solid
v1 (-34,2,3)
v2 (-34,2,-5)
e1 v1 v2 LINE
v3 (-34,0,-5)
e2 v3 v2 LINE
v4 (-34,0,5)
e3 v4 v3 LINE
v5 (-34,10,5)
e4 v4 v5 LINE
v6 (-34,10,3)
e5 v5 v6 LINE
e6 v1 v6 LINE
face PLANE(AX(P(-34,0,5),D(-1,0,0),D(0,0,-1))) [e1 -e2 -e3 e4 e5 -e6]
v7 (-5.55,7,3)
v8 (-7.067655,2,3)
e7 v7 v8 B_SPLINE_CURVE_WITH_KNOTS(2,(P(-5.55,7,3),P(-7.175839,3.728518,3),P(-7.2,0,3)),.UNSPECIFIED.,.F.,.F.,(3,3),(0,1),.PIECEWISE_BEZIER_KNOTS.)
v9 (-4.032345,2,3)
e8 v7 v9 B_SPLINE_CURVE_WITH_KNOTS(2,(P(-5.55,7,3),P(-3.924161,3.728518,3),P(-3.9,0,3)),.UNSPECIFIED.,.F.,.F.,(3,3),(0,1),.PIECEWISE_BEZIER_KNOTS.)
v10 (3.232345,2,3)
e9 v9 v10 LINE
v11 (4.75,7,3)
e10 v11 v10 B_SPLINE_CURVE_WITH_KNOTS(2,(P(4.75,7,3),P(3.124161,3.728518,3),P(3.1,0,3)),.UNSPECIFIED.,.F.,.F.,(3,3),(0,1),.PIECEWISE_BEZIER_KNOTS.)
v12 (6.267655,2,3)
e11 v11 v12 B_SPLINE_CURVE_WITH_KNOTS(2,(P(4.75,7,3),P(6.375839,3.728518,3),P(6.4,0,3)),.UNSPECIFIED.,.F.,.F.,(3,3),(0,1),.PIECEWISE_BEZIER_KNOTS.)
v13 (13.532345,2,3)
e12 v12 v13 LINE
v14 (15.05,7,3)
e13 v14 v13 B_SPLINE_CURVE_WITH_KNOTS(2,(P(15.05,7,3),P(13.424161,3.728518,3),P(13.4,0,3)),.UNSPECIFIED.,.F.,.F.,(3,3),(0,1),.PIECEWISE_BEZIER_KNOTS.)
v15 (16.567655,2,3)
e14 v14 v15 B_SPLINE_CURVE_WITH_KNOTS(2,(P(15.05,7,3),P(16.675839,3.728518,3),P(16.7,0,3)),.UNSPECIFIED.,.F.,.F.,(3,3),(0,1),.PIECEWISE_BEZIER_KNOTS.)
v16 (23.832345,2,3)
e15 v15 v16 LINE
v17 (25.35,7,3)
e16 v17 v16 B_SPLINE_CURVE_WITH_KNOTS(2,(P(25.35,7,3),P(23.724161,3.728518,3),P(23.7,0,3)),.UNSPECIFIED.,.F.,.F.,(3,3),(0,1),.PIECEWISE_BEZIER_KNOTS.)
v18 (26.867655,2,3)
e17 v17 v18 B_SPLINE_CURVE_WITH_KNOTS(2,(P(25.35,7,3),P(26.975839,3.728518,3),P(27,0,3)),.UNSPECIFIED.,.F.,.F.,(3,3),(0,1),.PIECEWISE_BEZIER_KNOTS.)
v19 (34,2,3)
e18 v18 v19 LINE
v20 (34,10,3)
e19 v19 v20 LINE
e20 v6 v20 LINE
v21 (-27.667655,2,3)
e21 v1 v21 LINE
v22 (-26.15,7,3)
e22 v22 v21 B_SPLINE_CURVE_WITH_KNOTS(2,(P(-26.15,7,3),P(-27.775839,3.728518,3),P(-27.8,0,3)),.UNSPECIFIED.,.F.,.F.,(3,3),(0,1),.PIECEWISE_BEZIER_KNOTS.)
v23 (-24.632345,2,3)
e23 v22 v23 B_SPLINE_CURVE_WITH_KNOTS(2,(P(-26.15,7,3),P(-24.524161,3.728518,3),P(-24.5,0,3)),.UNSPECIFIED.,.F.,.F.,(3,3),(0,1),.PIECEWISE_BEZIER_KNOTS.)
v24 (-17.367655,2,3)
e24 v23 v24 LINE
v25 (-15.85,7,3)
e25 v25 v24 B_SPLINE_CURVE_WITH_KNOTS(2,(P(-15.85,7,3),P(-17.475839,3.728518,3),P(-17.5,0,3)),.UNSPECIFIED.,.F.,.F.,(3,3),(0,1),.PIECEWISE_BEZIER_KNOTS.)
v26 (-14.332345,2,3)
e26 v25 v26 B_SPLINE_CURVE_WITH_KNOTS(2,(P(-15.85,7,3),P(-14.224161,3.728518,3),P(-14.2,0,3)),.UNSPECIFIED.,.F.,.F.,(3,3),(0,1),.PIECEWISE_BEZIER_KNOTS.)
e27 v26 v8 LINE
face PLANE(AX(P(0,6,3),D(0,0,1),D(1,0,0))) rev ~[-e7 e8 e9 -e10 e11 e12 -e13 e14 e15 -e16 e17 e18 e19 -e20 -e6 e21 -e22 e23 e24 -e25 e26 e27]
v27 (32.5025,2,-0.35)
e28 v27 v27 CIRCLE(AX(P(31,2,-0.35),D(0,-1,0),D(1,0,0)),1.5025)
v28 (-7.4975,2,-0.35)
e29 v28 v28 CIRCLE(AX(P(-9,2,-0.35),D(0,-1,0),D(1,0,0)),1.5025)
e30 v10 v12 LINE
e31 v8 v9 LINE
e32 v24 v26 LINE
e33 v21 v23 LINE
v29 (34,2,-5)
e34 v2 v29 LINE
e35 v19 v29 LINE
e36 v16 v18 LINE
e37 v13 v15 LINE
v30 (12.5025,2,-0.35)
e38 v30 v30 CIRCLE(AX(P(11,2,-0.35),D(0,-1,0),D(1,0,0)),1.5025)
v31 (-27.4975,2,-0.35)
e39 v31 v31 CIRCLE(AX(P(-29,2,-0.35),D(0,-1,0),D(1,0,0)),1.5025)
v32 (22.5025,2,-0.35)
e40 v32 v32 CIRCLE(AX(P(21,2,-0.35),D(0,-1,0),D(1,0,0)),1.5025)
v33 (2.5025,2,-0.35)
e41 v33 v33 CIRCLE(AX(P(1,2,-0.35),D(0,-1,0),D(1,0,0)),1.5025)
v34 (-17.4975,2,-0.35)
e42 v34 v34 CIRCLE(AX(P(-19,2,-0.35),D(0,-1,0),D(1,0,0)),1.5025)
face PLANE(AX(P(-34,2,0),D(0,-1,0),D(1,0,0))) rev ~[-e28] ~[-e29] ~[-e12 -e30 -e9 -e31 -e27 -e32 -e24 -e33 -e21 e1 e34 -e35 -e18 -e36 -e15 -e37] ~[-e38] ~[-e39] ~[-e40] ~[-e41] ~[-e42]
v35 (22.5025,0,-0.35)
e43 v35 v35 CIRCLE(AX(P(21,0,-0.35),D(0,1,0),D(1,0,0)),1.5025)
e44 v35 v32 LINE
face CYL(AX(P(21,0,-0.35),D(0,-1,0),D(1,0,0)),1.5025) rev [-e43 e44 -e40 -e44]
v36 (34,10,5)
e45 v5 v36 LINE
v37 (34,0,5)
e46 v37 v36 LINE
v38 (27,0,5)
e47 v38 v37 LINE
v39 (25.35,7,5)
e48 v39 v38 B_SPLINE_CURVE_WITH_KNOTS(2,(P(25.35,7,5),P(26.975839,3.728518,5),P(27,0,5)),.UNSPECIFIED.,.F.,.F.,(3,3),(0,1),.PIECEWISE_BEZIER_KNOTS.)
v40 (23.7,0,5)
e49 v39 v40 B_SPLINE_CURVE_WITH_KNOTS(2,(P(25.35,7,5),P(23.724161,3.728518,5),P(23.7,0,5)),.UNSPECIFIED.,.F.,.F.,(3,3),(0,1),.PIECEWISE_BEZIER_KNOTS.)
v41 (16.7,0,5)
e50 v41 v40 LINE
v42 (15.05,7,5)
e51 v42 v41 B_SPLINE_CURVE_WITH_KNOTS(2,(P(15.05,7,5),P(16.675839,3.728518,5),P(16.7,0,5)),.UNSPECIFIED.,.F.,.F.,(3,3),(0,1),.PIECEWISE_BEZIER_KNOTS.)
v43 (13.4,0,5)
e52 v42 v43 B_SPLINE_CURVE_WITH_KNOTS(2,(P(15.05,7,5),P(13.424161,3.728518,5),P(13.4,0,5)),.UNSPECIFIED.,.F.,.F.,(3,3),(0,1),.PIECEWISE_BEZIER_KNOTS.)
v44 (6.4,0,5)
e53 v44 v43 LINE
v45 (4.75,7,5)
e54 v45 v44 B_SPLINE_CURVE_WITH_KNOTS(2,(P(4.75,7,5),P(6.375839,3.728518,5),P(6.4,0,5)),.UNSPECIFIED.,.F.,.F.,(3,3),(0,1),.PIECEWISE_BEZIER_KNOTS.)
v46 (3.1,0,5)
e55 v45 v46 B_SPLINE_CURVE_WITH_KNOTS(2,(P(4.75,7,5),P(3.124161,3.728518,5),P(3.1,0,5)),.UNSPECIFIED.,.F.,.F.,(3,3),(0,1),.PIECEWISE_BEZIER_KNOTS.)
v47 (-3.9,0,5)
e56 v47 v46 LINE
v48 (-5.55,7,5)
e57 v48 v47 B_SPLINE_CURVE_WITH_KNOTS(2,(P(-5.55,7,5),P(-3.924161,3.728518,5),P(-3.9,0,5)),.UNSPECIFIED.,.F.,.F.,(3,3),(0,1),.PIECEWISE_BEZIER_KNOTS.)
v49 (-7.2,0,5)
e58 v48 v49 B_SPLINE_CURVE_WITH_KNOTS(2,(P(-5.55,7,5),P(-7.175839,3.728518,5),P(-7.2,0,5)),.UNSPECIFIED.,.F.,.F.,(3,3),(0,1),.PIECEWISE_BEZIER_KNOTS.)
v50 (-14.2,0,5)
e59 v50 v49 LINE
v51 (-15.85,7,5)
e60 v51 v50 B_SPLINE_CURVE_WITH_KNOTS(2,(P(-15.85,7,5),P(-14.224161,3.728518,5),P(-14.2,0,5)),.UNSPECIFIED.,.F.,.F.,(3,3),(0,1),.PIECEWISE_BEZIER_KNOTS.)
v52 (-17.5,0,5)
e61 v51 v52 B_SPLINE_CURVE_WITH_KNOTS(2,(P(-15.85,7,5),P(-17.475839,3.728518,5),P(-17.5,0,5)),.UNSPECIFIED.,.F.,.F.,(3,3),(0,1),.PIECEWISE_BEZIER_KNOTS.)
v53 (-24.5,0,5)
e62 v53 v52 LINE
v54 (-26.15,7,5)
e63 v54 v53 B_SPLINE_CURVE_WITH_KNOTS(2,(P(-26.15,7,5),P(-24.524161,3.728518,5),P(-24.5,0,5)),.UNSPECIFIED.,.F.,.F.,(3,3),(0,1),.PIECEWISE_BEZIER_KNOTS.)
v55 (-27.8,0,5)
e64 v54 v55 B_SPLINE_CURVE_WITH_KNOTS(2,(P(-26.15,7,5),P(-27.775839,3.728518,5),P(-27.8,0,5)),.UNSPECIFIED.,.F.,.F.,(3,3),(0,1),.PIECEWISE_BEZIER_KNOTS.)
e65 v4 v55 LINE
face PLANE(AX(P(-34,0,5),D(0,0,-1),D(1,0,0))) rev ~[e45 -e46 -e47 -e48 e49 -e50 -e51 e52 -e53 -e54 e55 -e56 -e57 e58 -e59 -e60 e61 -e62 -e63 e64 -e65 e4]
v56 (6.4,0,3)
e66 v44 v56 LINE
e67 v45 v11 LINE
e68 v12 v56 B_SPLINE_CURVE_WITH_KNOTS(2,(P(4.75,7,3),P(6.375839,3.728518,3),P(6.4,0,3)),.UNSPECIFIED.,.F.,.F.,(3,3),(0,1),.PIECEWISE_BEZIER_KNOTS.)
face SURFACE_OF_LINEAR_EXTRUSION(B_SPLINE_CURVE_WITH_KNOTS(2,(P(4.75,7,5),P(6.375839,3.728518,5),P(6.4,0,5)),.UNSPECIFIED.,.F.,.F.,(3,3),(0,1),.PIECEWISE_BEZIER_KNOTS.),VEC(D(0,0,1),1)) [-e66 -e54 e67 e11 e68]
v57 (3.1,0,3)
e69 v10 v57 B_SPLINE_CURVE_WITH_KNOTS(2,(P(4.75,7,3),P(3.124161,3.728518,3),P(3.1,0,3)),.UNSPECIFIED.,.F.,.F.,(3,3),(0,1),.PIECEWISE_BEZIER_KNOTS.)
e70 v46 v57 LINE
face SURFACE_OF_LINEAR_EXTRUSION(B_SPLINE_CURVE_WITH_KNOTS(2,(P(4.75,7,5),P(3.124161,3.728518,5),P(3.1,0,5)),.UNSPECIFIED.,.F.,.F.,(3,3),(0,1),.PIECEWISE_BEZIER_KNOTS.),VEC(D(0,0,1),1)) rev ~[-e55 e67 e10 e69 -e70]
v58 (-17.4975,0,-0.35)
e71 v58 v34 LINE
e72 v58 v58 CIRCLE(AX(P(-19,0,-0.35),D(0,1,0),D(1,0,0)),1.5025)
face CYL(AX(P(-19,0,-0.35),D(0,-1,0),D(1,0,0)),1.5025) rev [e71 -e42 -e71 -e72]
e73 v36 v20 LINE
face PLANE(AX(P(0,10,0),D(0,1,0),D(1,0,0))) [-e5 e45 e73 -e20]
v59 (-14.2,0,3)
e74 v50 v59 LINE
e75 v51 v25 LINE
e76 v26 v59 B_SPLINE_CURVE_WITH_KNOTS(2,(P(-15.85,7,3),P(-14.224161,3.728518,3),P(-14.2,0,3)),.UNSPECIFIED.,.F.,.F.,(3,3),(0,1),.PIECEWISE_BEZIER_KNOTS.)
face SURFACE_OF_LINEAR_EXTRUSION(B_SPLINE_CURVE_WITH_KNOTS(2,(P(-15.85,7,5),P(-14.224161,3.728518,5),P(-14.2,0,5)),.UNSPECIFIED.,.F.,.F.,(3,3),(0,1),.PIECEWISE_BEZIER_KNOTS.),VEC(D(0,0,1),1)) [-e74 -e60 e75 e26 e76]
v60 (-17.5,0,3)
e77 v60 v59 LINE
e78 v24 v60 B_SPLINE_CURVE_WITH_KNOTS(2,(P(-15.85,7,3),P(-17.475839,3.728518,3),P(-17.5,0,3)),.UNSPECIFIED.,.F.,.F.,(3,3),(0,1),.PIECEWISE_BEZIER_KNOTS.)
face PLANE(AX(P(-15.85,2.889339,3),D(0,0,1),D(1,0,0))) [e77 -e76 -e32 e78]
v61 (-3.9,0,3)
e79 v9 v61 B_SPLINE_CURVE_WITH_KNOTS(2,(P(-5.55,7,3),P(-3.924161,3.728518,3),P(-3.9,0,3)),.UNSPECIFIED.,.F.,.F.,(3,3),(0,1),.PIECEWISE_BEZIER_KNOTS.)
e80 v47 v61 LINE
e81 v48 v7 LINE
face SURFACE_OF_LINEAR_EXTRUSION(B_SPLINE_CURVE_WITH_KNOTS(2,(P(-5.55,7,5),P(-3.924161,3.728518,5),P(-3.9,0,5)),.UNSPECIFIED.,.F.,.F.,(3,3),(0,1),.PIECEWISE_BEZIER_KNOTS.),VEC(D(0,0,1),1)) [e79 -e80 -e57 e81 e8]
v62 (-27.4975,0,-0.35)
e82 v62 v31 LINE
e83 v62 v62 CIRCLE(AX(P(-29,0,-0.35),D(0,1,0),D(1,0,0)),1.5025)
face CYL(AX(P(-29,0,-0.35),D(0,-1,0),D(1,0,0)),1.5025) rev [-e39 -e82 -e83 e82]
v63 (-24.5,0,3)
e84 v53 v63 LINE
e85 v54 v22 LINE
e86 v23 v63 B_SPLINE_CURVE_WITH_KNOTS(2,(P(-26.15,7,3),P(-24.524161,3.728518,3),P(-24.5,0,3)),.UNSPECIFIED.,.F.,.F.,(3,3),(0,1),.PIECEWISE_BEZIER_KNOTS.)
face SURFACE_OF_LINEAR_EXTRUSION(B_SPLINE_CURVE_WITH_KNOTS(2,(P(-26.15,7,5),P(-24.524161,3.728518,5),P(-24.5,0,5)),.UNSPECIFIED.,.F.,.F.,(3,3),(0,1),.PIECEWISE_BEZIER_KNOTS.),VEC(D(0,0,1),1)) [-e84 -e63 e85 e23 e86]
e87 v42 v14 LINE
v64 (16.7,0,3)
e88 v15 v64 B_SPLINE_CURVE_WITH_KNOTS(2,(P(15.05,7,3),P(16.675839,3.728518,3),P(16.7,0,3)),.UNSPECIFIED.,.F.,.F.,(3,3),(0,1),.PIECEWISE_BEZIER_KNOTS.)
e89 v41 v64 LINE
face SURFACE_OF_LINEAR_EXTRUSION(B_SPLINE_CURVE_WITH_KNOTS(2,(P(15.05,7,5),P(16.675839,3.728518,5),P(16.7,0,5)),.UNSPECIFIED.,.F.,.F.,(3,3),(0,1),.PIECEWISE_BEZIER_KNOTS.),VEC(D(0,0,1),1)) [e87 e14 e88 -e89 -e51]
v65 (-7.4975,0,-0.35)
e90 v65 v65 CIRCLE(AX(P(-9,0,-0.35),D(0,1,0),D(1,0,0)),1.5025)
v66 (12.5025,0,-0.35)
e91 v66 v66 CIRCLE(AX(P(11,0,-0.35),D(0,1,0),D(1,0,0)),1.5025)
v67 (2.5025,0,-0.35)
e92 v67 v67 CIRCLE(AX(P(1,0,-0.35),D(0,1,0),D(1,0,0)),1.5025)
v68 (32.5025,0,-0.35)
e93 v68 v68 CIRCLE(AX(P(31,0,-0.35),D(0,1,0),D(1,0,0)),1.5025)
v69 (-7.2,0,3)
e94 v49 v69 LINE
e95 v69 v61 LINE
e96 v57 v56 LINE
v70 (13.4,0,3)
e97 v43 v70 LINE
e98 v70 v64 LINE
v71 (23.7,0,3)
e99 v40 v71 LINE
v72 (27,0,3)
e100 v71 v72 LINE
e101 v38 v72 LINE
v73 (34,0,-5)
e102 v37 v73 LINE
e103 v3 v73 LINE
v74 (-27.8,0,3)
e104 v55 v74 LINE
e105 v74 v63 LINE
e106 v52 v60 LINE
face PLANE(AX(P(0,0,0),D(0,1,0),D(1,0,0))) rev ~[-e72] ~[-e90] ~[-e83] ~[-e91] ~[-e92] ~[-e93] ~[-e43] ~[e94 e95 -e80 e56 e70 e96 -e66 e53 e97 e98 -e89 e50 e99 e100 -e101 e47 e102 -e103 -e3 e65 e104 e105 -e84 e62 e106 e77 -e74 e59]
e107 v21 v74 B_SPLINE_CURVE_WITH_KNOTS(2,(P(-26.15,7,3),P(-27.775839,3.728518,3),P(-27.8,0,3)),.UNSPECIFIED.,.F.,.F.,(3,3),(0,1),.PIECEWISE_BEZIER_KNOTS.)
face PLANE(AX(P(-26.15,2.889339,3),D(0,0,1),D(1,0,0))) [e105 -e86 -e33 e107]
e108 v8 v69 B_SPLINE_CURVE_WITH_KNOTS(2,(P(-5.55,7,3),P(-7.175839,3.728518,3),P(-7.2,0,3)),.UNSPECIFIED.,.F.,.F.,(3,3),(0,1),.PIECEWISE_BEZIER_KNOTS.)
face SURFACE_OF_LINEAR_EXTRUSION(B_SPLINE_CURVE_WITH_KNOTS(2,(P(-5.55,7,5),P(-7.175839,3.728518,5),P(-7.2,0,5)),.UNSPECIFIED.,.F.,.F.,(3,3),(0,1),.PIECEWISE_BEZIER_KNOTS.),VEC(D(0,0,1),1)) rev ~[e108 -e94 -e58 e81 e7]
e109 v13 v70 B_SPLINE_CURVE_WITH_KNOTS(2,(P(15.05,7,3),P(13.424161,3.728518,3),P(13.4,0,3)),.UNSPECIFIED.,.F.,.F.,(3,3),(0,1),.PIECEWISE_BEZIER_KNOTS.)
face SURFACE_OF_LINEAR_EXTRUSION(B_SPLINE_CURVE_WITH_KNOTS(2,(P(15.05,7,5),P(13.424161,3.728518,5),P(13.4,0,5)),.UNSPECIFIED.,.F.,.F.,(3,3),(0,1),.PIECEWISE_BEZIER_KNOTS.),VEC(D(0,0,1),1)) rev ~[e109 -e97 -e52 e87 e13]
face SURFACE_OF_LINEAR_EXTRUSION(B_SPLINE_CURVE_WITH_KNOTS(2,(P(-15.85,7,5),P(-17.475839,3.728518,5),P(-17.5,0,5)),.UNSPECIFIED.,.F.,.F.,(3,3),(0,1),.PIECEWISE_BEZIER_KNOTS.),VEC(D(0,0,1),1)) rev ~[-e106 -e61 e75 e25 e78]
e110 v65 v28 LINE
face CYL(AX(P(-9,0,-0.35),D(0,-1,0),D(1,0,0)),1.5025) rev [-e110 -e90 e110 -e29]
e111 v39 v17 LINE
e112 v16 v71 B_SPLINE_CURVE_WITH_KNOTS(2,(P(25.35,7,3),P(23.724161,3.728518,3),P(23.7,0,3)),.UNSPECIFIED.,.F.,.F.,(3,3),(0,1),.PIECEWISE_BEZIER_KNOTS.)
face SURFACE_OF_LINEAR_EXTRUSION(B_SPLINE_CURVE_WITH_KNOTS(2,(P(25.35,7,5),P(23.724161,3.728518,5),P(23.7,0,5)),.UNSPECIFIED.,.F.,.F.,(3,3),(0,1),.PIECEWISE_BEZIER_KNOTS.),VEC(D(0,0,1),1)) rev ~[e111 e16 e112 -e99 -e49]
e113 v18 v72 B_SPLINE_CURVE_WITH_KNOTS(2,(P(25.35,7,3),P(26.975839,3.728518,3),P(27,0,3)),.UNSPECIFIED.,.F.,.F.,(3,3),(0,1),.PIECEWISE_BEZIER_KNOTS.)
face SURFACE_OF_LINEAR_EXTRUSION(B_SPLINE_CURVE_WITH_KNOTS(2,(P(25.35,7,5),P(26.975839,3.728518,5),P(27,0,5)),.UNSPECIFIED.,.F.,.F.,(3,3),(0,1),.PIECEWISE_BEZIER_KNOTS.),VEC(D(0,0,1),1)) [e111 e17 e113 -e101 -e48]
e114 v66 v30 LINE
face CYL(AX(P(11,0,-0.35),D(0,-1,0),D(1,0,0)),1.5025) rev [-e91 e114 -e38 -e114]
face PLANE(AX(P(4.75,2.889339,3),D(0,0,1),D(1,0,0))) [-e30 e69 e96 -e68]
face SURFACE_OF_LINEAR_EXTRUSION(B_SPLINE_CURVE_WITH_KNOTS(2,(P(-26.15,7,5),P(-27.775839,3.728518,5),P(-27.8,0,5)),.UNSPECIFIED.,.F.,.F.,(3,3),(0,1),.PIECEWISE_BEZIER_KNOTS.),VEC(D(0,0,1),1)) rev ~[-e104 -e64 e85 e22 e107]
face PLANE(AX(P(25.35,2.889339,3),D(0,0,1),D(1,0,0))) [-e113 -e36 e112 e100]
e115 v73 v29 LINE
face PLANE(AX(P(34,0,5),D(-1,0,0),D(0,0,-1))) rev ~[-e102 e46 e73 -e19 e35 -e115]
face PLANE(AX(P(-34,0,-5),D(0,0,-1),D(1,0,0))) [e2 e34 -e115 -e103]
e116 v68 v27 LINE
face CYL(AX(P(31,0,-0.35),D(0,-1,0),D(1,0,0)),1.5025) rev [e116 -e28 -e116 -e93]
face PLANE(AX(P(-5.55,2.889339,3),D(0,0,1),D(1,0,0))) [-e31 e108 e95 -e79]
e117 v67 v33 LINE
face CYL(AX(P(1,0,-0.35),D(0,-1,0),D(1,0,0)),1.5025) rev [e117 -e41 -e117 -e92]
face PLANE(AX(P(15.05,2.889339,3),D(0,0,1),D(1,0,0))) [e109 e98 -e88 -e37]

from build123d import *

# Parameters (mm, degrees)
SKETCH1_W                      = 68
SKETCH1_H                      = 10
SKETCH1_R                      = 1.5025
BOSS_EXTRUDE1_DEPTH            = 10
CUT_EXTRUDE1_REACH             = 7
SKETCH2_W                      = 68
SKETCH2_H                      = 8
CUT_EXTRUDE1_DIRECTION_2_DEPTH = 3
CUT_EXTRUDE2_DEPTH             = 2


with BuildPart() as part:
    # Sketch1 → Boss-Extrude1 (new body)
    with BuildSketch(Plane(origin=(0, 0, 0), x_dir=(1, 0, 0), z_dir=(0, 1, 0))):
        Rectangle(SKETCH1_W, SKETCH1_H)
        with Locations((-29, 0.35)):
            Circle(SKETCH1_R, mode=Mode.SUBTRACT)
        with Locations((-19, 0.35)):
            Circle(SKETCH1_R, mode=Mode.SUBTRACT)
        with Locations((-9, 0.35)):
            Circle(SKETCH1_R, mode=Mode.SUBTRACT)
        with Locations((1, 0.35)):
            Circle(SKETCH1_R, mode=Mode.SUBTRACT)
        with Locations((11, 0.35)):
            Circle(SKETCH1_R, mode=Mode.SUBTRACT)
        with Locations((21, 0.35)):
            Circle(SKETCH1_R, mode=Mode.SUBTRACT)
        with Locations((31, 0.35)):
            Circle(SKETCH1_R, mode=Mode.SUBTRACT)
    extrude(amount=BOSS_EXTRUDE1_DEPTH)

    # Sketch2 → Cut-Extrude1 (cut, up to next)
    with BuildSketch(Plane.XY, mode=Mode.PRIVATE) as cut_extrude1_sk1:
        with Locations((0, 6)):
            Rectangle(SKETCH2_W, SKETCH2_H)
    cut_extrude1_tool1 = extrude(cut_extrude1_sk1.sketch, amount=-CUT_EXTRUDE1_REACH, mode=Mode.PRIVATE) & part.part
    add(cut_extrude1_tool1.solids().sort_by_distance((0, 6, 0))[0], mode=Mode.SUBTRACT)

    # Sketch2 → Cut-Extrude1 direction 2 (cut)
    with BuildSketch(Plane.XY):
        with Locations((0, 6)):
            Rectangle(SKETCH2_W, SKETCH2_H)
    extrude(amount=CUT_EXTRUDE1_DIRECTION_2_DEPTH, mode=Mode.SUBTRACT)

    # Sketch3 → Cut-Extrude2 (cut)
    with BuildSketch(Plane.XY.offset(5)):
        with BuildLine():
            Line((23.7, 0), (27, 0))
            add(Edge.make_bspline(
                [(25.35, 7), (26.975838532, 3.728518175), (27, 0)],
                knots=[0, 0, 0, 1, 1, 1], degree=2))
            add(Edge.make_bspline(
                [(25.35, 7), (23.724161468, 3.728518175), (23.7, 0)],
                knots=[0, 0, 0, 1, 1, 1], degree=2))
        make_face()
        with BuildLine():
            Line((13.4, 0), (16.7, 0))
            add(Edge.make_bspline(
                [(15.05, 7), (16.675838532, 3.728518175), (16.7, 0)],
                knots=[0, 0, 0, 1, 1, 1], degree=2))
            add(Edge.make_bspline(
                [(15.05, 7), (13.424161468, 3.728518175), (13.4, 0)],
                knots=[0, 0, 0, 1, 1, 1], degree=2))
        make_face()
        with BuildLine():
            Line((3.1, 0), (6.4, 0))
            add(Edge.make_bspline(
                [(4.75, 7), (6.375838532, 3.728518175), (6.4, 0)],
                knots=[0, 0, 0, 1, 1, 1], degree=2))
            add(Edge.make_bspline(
                [(4.75, 7), (3.124161468, 3.728518175), (3.1, 0)],
                knots=[0, 0, 0, 1, 1, 1], degree=2))
        make_face()
        with BuildLine():
            Line((-7.2, 0), (-3.9, 0))
            add(Edge.make_bspline(
                [(-5.55, 7), (-3.924161468, 3.728518175), (-3.9, 0)],
                knots=[0, 0, 0, 1, 1, 1], degree=2))
            add(Edge.make_bspline(
                [(-5.55, 7), (-7.175838532, 3.728518175), (-7.2, 0)],
                knots=[0, 0, 0, 1, 1, 1], degree=2))
        make_face()
        with BuildLine():
            Line((-17.5, 0), (-14.2, 0))
            add(Edge.make_bspline(
                [(-15.85, 7), (-14.224161468, 3.728518175), (-14.2, 0)],
                knots=[0, 0, 0, 1, 1, 1], degree=2))
            add(Edge.make_bspline(
                [(-15.85, 7), (-17.475838532, 3.728518175), (-17.5, 0)],
                knots=[0, 0, 0, 1, 1, 1], degree=2))
        make_face()
        with BuildLine():
            Line((-27.8, 0), (-24.5, 0))
            add(Edge.make_bspline(
                [(-26.15, 7), (-24.524161468, 3.728518175), (-24.5, 0)],
                knots=[0, 0, 0, 1, 1, 1], degree=2))
            add(Edge.make_bspline(
                [(-26.15, 7), (-27.775838532, 3.728518175), (-27.8, 0)],
                knots=[0, 0, 0, 1, 1, 1], degree=2))
        make_face()
    extrude(amount=-CUT_EXTRUDE2_DEPTH, mode=Mode.SUBTRACT)


solid = part.part
